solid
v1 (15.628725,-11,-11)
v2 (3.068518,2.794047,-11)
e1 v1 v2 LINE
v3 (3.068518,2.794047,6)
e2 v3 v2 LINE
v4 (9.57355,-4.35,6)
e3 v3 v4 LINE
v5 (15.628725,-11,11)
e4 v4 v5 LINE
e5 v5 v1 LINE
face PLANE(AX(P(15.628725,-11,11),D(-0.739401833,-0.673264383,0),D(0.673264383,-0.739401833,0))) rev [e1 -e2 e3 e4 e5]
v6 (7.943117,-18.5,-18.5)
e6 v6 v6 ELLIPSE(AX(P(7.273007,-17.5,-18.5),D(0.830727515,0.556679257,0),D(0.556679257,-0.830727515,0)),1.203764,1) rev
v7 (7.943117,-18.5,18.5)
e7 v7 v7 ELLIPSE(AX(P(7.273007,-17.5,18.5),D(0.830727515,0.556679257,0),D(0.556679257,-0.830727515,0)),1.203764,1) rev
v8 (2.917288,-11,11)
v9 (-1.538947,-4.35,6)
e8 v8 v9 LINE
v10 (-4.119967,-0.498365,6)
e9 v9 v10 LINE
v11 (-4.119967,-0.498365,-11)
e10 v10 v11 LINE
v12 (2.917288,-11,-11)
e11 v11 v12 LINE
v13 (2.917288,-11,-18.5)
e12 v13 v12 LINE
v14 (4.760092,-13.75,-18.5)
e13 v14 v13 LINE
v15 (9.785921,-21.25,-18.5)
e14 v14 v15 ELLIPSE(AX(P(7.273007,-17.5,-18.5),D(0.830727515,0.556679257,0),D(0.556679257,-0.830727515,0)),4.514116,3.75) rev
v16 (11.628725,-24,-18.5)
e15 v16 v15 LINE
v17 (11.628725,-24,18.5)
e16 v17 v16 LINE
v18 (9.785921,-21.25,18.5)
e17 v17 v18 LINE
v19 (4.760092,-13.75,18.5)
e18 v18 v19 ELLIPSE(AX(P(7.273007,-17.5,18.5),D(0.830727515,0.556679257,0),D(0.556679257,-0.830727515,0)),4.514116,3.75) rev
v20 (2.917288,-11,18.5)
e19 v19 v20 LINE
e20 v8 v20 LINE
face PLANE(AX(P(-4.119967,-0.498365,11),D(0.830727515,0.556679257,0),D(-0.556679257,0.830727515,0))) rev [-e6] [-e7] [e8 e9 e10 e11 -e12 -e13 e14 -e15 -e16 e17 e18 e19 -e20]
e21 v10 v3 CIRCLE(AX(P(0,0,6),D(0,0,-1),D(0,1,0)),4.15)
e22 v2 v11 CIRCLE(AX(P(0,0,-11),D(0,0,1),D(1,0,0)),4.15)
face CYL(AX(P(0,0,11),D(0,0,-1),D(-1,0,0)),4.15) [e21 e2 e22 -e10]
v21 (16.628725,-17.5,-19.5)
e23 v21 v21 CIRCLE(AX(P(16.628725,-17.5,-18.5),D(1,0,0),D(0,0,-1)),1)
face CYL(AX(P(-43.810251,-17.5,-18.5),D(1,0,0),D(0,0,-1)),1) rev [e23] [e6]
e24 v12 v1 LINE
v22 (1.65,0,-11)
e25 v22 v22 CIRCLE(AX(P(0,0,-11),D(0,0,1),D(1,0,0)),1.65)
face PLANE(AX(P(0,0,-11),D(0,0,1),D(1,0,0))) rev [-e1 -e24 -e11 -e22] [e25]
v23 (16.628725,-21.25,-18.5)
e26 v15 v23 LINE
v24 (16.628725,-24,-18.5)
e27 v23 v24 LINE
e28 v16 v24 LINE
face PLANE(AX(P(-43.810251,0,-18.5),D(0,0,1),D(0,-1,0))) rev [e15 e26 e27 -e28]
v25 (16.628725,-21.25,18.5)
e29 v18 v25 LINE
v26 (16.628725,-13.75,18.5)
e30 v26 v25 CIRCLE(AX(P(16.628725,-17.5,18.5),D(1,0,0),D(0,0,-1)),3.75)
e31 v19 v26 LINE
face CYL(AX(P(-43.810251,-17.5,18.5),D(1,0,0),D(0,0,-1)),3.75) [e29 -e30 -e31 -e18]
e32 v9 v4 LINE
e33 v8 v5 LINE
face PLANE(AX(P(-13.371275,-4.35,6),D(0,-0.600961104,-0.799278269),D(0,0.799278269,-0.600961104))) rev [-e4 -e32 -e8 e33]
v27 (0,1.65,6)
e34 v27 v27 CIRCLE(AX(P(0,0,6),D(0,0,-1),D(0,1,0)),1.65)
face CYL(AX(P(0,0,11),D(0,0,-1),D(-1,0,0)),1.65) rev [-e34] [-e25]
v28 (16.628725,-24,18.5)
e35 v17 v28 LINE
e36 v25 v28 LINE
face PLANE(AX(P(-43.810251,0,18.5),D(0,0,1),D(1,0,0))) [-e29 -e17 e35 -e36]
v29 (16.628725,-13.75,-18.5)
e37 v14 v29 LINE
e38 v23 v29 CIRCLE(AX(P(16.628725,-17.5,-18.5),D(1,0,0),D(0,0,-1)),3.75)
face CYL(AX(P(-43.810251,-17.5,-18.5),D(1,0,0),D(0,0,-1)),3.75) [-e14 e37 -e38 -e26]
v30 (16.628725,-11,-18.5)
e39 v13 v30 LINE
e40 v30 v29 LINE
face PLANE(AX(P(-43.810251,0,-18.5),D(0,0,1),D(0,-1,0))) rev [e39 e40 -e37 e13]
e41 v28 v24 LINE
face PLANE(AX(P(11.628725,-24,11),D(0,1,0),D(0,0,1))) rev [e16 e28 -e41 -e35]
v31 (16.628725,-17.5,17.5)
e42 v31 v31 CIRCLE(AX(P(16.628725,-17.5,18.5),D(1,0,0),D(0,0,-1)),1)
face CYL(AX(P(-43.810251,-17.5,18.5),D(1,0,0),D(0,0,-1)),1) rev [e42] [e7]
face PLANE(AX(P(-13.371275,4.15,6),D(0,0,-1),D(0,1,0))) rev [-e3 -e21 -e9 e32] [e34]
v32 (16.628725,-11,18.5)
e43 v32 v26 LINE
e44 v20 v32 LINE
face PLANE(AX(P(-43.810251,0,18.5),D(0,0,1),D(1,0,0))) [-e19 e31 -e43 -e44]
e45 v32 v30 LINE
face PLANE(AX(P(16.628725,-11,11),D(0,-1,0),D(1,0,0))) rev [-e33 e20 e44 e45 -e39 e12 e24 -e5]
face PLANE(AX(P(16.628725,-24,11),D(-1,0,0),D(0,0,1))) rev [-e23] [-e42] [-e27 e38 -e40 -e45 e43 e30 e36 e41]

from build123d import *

# Parameters (mm, degrees)
ESQUISSE1_R             = 1.65
BOSS_EXTRU_1_DEPTH      = 11
BOSS_EXTRU_2_REACH      = 35.597
ESQUISSE2_W             = 22
ESQUISSE2_H             = 6.5
ENL_V_MAT_EXTRU_1_DEPTH = 30


with BuildPart() as part:
    # Esquisse1 → Boss.-Extru.1 (new, symmetric)
    with BuildSketch(Plane.XY):
        with BuildLine():
            Line((11.628725406, -24), (16.628725406, -24))
            Line((16.628725406, -24), (16.628725406, -11))
            Line((16.628725406, -11), (15.628725406, -11))
            Line((15.628725406, -11), (3.068517607, 2.794047189))
            ThreePointArc((3.068517607, 2.794047189), (-1.728115101, 3.77307808), (-4.119967472, -0.49836536))
            Line((-4.119967472, -0.49836536), (11.628725406, -24))
        make_face()
        Circle(ESQUISSE1_R, mode=Mode.SUBTRACT)
    extrude(amount=BOSS_EXTRU_1_DEPTH, both=True)

    # Boss.-Extru.2: up to this plane
    boss_extru_2_end = Plane(origin=(-4.119967472, -0.49836536, 11), z_dir=(0.8307275154862657, 0.5566792568562408, 0))
    # Esquisse2 → Boss.-Extru.2 (add, up to the surface)
    with BuildSketch(Plane(origin=(16.628725406, 0, 0), x_dir=(0, 0, -1), z_dir=(1, 0, 0)), mode=Mode.PRIVATE) as boss_extru_2_sk1:
        with BuildLine():
            ThreePointArc((-18.5, -13.75), (-15.848349571, -14.848349571), (-14.75, -17.5))
            Line((-14.75, -17.5), (-11, -17.5))
            Line((-11, -17.5), (-11, -11))
            Line((-11, -11), (-18.5, -11))
            Line((-18.5, -11), (-18.5, -13.75))
        make_face()
    boss_extru_2_tool1 = split(extrude(boss_extru_2_sk1.sketch, amount=-BOSS_EXTRU_2_REACH, mode=Mode.PRIVATE), bisect_by=boss_extru_2_end, keep=Keep.BOTH, mode=Mode.PRIVATE)
    add(boss_extru_2_tool1.solids().sort_by_distance((16.628725, -13.764206, 14.117746))[0])
    # Esquisse2 → Boss.-Extru.2 (add, up to the surface)
    with BuildSketch(Plane(origin=(16.628725406, 0, 0), x_dir=(0, 0, -1), z_dir=(1, 0, 0)), mode=Mode.PRIVATE) as boss_extru_2_sk2:
        with BuildLine():
            Line((-11, -17.5), (-14.75, -17.5))
            ThreePointArc((-14.75, -17.5), (-15.848349571, -20.151650429), (-18.5, -21.25))
            Line((-18.5, -21.25), (-18.5, -24))
            Line((-18.5, -24), (-11, -24))
            Line((-11, -24), (-11, -17.5))
        make_face()
    boss_extru_2_tool2 = split(extrude(boss_extru_2_sk2.sketch, amount=-BOSS_EXTRU_2_REACH, mode=Mode.PRIVATE), bisect_by=boss_extru_2_end, keep=Keep.BOTH, mode=Mode.PRIVATE)
    add(boss_extru_2_tool2.solids().sort_by_distance((16.628725, -21.235794, 14.117746))[0])
    # Esquisse2 → Boss.-Extru.2 (add, up to the surface)
    with BuildSketch(Plane(origin=(16.628725406, 0, 0), x_dir=(0, 0, -1), z_dir=(1, 0, 0)), mode=Mode.PRIVATE) as boss_extru_2_sk3:
        with BuildLine():
            ThreePointArc((-18.5, -16.5), (-17.792893219, -16.792893219), (-17.5, -17.5))
            Line((-17.5, -17.5), (-14.75, -17.5))
            ThreePointArc((-14.75, -17.5), (-15.848349571, -14.848349571), (-18.5, -13.75))
            Line((-18.5, -13.75), (-18.5, -16.5))
        make_face()
    boss_extru_2_tool3 = split(extrude(boss_extru_2_sk3.sketch, amount=-BOSS_EXTRU_2_REACH, mode=Mode.PRIVATE), bisect_by=boss_extru_2_end, keep=Keep.BOTH, mode=Mode.PRIVATE)
    add(boss_extru_2_tool3.solids().sort_by_distance((16.628725, -15.8191, 16.8191))[0])
    # Esquisse2 → Boss.-Extru.2 (add, up to the surface)
    with BuildSketch(Plane(origin=(16.628725406, 0, 0), x_dir=(0, 0, -1), z_dir=(1, 0, 0)), mode=Mode.PRIVATE) as boss_extru_2_sk4:
        with BuildLine():
            Line((-14.75, -17.5), (-17.5, -17.5))
            ThreePointArc((-17.5, -17.5), (-17.792893219, -18.207106781), (-18.5, -18.5))
            Line((-18.5, -18.5), (-18.5, -21.25))
            ThreePointArc((-18.5, -21.25), (-15.848349571, -20.151650429), (-14.75, -17.5))
        make_face()
    boss_extru_2_tool4 = split(extrude(boss_extru_2_sk4.sketch, amount=-BOSS_EXTRU_2_REACH, mode=Mode.PRIVATE), bisect_by=boss_extru_2_end, keep=Keep.BOTH, mode=Mode.PRIVATE)
    add(boss_extru_2_tool4.solids().sort_by_distance((16.628725, -19.1809, 16.8191))[0])
    # Esquisse2 → Boss.-Extru.2 (add, up to the surface)
    with BuildSketch(Plane(origin=(16.628725406, 0, 0), x_dir=(0, 0, -1), z_dir=(1, 0, 0)), mode=Mode.PRIVATE) as boss_extru_2_sk5:
        with BuildLine():
            ThreePointArc((-18.5, -16.5), (-17.792893219, -16.792893219), (-17.5, -17.5))
            Line((-17.5, -17.5), (-14.75, -17.5))
            ThreePointArc((-14.75, -17.5), (-15.848349571, -14.848349571), (-18.5, -13.75))
            Line((-18.5, -13.75), (-18.5, -16.5))
        make_face()
    boss_extru_2_tool5 = split(extrude(boss_extru_2_sk5.sketch, amount=-BOSS_EXTRU_2_REACH, mode=Mode.PRIVATE), bisect_by=boss_extru_2_end, keep=Keep.BOTH, mode=Mode.PRIVATE)
    add(boss_extru_2_tool5.solids().sort_by_distance((16.628725, -15.8191, 16.8191))[0])
    # Esquisse2 → Boss.-Extru.2 (add, up to the surface)
    with BuildSketch(Plane(origin=(16.628725406, 0, 0), x_dir=(0, 0, -1), z_dir=(1, 0, 0)), mode=Mode.PRIVATE) as boss_extru_2_sk6:
        with BuildLine():
            Line((-14.75, -17.5), (-17.5, -17.5))
            ThreePointArc((-17.5, -17.5), (-17.792893219, -18.207106781), (-18.5, -18.5))
            Line((-18.5, -18.5), (-18.5, -21.25))
            ThreePointArc((-18.5, -21.25), (-15.848349571, -20.151650429), (-14.75, -17.5))
        make_face()
    boss_extru_2_tool6 = split(extrude(boss_extru_2_sk6.sketch, amount=-BOSS_EXTRU_2_REACH, mode=Mode.PRIVATE), bisect_by=boss_extru_2_end, keep=Keep.BOTH, mode=Mode.PRIVATE)
    add(boss_extru_2_tool6.solids().sort_by_distance((16.628725, -19.1809, 16.8191))[0])
    # Esquisse2 → Boss.-Extru.2 (add, up to the surface)
    with BuildSketch(Plane(origin=(16.628725406, 0, 0), x_dir=(0, 0, -1), z_dir=(1, 0, 0)), mode=Mode.PRIVATE) as boss_extru_2_sk7:
        with BuildLine():
            ThreePointArc((-18.5, -18.5), (-19.5, -17.5), (-18.5, -16.5))
            Line((-18.5, -16.5), (-18.5, -13.75))
            ThreePointArc((-18.5, -13.75), (-22.25, -17.5), (-18.5, -21.25))
            Line((-18.5, -21.25), (-18.5, -18.5))
        make_face()
    boss_extru_2_tool7 = split(extrude(boss_extru_2_sk7.sketch, amount=-BOSS_EXTRU_2_REACH, mode=Mode.PRIVATE), bisect_by=boss_extru_2_end, keep=Keep.BOTH, mode=Mode.PRIVATE)
    add(boss_extru_2_tool7.solids().sort_by_distance((16.628725, -17.5, 20.1809))[0])
    # Esquisse2 → Boss.-Extru.2 (add, up to the surface)
    with BuildSketch(Plane(origin=(16.628725406, 0, 0), x_dir=(0, 0, -1), z_dir=(1, 0, 0)), mode=Mode.PRIVATE) as boss_extru_2_sk8:
        with Locations((0, -14.25)):
            Rectangle(ESQUISSE2_W, ESQUISSE2_H)
    boss_extru_2_tool8 = split(extrude(boss_extru_2_sk8.sketch, amount=-BOSS_EXTRU_2_REACH, mode=Mode.PRIVATE), bisect_by=boss_extru_2_end, keep=Keep.BOTH, mode=Mode.PRIVATE)
    add(boss_extru_2_tool8.solids().sort_by_distance((16.628725, -14.25, 0))[0])
    # Esquisse2 → Boss.-Extru.2 (add, up to the surface)
    with BuildSketch(Plane(origin=(16.628725406, 0, 0), x_dir=(0, 0, -1), z_dir=(1, 0, 0)), mode=Mode.PRIVATE) as boss_extru_2_sk9:
        with Locations((0, -20.75)):
            Rectangle(ESQUISSE2_W, ESQUISSE2_H)
    boss_extru_2_tool9 = split(extrude(boss_extru_2_sk9.sketch, amount=-BOSS_EXTRU_2_REACH, mode=Mode.PRIVATE), bisect_by=boss_extru_2_end, keep=Keep.BOTH, mode=Mode.PRIVATE)
    add(boss_extru_2_tool9.solids().sort_by_distance((16.628725, -20.75, 0))[0])
    # Esquisse2 → Boss.-Extru.2 (add, up to the surface)
    with BuildSketch(Plane(origin=(16.628725406, 0, 0), x_dir=(0, 0, -1), z_dir=(1, 0, 0)), mode=Mode.PRIVATE) as boss_extru_2_sk10:
        with BuildLine():
            Line((11, -11), (11, -17.5))
            Line((11, -17.5), (14.75, -17.5))
            ThreePointArc((14.75, -17.5), (15.848349571, -14.848349571), (18.5, -13.75))
            Line((18.5, -13.75), (18.5, -11))
            Line((18.5, -11), (11, -11))
        make_face()
    boss_extru_2_tool10 = split(extrude(boss_extru_2_sk10.sketch, amount=-BOSS_EXTRU_2_REACH, mode=Mode.PRIVATE), bisect_by=boss_extru_2_end, keep=Keep.BOTH, mode=Mode.PRIVATE)
    add(boss_extru_2_tool10.solids().sort_by_distance((16.628725, -13.764206, -14.117746))[0])
    # Esquisse2 → Boss.-Extru.2 (add, up to the surface)
    with BuildSketch(Plane(origin=(16.628725406, 0, 0), x_dir=(0, 0, -1), z_dir=(1, 0, 0)), mode=Mode.PRIVATE) as boss_extru_2_sk11:
        with BuildLine():
            Line((14.75, -17.5), (11, -17.5))
            Line((11, -17.5), (11, -24))
            Line((11, -24), (18.5, -24))
            Line((18.5, -24), (18.5, -21.25))
            ThreePointArc((18.5, -21.25), (15.848349571, -20.151650429), (14.75, -17.5))
        make_face()
    boss_extru_2_tool11 = split(extrude(boss_extru_2_sk11.sketch, amount=-BOSS_EXTRU_2_REACH, mode=Mode.PRIVATE), bisect_by=boss_extru_2_end, keep=Keep.BOTH, mode=Mode.PRIVATE)
    add(boss_extru_2_tool11.solids().sort_by_distance((16.628725, -21.235794, -14.117746))[0])
    # Esquisse2 → Boss.-Extru.2 (add, up to the surface)
    with BuildSketch(Plane(origin=(16.628725406, 0, 0), x_dir=(0, 0, -1), z_dir=(1, 0, 0)), mode=Mode.PRIVATE) as boss_extru_2_sk12:
        with BuildLine():
            ThreePointArc((18.5, -13.75), (15.848349571, -14.848349571), (14.75, -17.5))
            Line((14.75, -17.5), (17.5, -17.5))
            ThreePointArc((17.5, -17.5), (17.792893219, -16.792893219), (18.5, -16.5))
            Line((18.5, -16.5), (18.5, -13.75))
        make_face()
    boss_extru_2_tool12 = split(extrude(boss_extru_2_sk12.sketch, amount=-BOSS_EXTRU_2_REACH, mode=Mode.PRIVATE), bisect_by=boss_extru_2_end, keep=Keep.BOTH, mode=Mode.PRIVATE)
    add(boss_extru_2_tool12.solids().sort_by_distance((16.628725, -15.8191, -16.8191))[0])
    # Esquisse2 → Boss.-Extru.2 (add, up to the surface)
    with BuildSketch(Plane(origin=(16.628725406, 0, 0), x_dir=(0, 0, -1), z_dir=(1, 0, 0)), mode=Mode.PRIVATE) as boss_extru_2_sk13:
        with BuildLine():
            Line((17.5, -17.5), (14.75, -17.5))
            ThreePointArc((14.75, -17.5), (15.848349571, -20.151650429), (18.5, -21.25))
            Line((18.5, -21.25), (18.5, -18.5))
            ThreePointArc((18.5, -18.5), (17.792893219, -18.207106781), (17.5, -17.5))
        make_face()
    boss_extru_2_tool13 = split(extrude(boss_extru_2_sk13.sketch, amount=-BOSS_EXTRU_2_REACH, mode=Mode.PRIVATE), bisect_by=boss_extru_2_end, keep=Keep.BOTH, mode=Mode.PRIVATE)
    add(boss_extru_2_tool13.solids().sort_by_distance((16.628725, -19.1809, -16.8191))[0])
    # Esquisse2 → Boss.-Extru.2 (add, up to the surface)
    with BuildSketch(Plane(origin=(16.628725406, 0, 0), x_dir=(0, 0, -1), z_dir=(1, 0, 0)), mode=Mode.PRIVATE) as boss_extru_2_sk14:
        with BuildLine():
            ThreePointArc((18.5, -13.75), (15.848349571, -14.848349571), (14.75, -17.5))
            Line((14.75, -17.5), (17.5, -17.5))
            ThreePointArc((17.5, -17.5), (17.792893219, -16.792893219), (18.5, -16.5))
            Line((18.5, -16.5), (18.5, -13.75))
        make_face()
    boss_extru_2_tool14 = split(extrude(boss_extru_2_sk14.sketch, amount=-BOSS_EXTRU_2_REACH, mode=Mode.PRIVATE), bisect_by=boss_extru_2_end, keep=Keep.BOTH, mode=Mode.PRIVATE)
    add(boss_extru_2_tool14.solids().sort_by_distance((16.628725, -15.8191, -16.8191))[0])
    # Esquisse2 → Boss.-Extru.2 (add, up to the surface)
    with BuildSketch(Plane(origin=(16.628725406, 0, 0), x_dir=(0, 0, -1), z_dir=(1, 0, 0)), mode=Mode.PRIVATE) as boss_extru_2_sk15:
        with BuildLine():
            Line((17.5, -17.5), (14.75, -17.5))
            ThreePointArc((14.75, -17.5), (15.848349571, -20.151650429), (18.5, -21.25))
            Line((18.5, -21.25), (18.5, -18.5))
            ThreePointArc((18.5, -18.5), (17.792893219, -18.207106781), (17.5, -17.5))
        make_face()
    boss_extru_2_tool15 = split(extrude(boss_extru_2_sk15.sketch, amount=-BOSS_EXTRU_2_REACH, mode=Mode.PRIVATE), bisect_by=boss_extru_2_end, keep=Keep.BOTH, mode=Mode.PRIVATE)
    add(boss_extru_2_tool15.solids().sort_by_distance((16.628725, -19.1809, -16.8191))[0])
    # Esquisse2 → Boss.-Extru.2 (add, up to the surface)
    with BuildSketch(Plane(origin=(16.628725406, 0, 0), x_dir=(0, 0, -1), z_dir=(1, 0, 0)), mode=Mode.PRIVATE) as boss_extru_2_sk16:
        with BuildLine():
            ThreePointArc((22.25, -17.5), (21.151650429, -14.848349571), (18.5, -13.75))
            Line((18.5, -13.75), (18.5, -16.5))
            ThreePointArc((18.5, -16.5), (19.207106781, -16.792893219), (19.5, -17.5))
            ThreePointArc((19.5, -17.5), (19.207106781, -18.207106781), (18.5, -18.5))
            Line((18.5, -18.5), (18.5, -21.25))
            ThreePointArc((18.5, -21.25), (21.151650429, -20.151650429), (22.25, -17.5))
        make_face()
    boss_extru_2_tool16 = split(extrude(boss_extru_2_sk16.sketch, amount=-BOSS_EXTRU_2_REACH, mode=Mode.PRIVATE), bisect_by=boss_extru_2_end, keep=Keep.BOTH, mode=Mode.PRIVATE)
    add(boss_extru_2_tool16.solids().sort_by_distance((16.628725, -17.5, -20.1809))[0])

    # Esquisse3 → Enl_v. mat.-Extru.1 (cut)
    with BuildSketch(Plane(origin=(16.628725406, 0, 0), x_dir=(0, 0, -1), z_dir=(1, 0, 0))):
        Polygon((-6, 4.15), (-6, -4.35), (-11, -11), (-11, 4.15), align=None)
    extrude(amount=-ENL_V_MAT_EXTRU_1_DEPTH, mode=Mode.SUBTRACT)


solid = part.part
